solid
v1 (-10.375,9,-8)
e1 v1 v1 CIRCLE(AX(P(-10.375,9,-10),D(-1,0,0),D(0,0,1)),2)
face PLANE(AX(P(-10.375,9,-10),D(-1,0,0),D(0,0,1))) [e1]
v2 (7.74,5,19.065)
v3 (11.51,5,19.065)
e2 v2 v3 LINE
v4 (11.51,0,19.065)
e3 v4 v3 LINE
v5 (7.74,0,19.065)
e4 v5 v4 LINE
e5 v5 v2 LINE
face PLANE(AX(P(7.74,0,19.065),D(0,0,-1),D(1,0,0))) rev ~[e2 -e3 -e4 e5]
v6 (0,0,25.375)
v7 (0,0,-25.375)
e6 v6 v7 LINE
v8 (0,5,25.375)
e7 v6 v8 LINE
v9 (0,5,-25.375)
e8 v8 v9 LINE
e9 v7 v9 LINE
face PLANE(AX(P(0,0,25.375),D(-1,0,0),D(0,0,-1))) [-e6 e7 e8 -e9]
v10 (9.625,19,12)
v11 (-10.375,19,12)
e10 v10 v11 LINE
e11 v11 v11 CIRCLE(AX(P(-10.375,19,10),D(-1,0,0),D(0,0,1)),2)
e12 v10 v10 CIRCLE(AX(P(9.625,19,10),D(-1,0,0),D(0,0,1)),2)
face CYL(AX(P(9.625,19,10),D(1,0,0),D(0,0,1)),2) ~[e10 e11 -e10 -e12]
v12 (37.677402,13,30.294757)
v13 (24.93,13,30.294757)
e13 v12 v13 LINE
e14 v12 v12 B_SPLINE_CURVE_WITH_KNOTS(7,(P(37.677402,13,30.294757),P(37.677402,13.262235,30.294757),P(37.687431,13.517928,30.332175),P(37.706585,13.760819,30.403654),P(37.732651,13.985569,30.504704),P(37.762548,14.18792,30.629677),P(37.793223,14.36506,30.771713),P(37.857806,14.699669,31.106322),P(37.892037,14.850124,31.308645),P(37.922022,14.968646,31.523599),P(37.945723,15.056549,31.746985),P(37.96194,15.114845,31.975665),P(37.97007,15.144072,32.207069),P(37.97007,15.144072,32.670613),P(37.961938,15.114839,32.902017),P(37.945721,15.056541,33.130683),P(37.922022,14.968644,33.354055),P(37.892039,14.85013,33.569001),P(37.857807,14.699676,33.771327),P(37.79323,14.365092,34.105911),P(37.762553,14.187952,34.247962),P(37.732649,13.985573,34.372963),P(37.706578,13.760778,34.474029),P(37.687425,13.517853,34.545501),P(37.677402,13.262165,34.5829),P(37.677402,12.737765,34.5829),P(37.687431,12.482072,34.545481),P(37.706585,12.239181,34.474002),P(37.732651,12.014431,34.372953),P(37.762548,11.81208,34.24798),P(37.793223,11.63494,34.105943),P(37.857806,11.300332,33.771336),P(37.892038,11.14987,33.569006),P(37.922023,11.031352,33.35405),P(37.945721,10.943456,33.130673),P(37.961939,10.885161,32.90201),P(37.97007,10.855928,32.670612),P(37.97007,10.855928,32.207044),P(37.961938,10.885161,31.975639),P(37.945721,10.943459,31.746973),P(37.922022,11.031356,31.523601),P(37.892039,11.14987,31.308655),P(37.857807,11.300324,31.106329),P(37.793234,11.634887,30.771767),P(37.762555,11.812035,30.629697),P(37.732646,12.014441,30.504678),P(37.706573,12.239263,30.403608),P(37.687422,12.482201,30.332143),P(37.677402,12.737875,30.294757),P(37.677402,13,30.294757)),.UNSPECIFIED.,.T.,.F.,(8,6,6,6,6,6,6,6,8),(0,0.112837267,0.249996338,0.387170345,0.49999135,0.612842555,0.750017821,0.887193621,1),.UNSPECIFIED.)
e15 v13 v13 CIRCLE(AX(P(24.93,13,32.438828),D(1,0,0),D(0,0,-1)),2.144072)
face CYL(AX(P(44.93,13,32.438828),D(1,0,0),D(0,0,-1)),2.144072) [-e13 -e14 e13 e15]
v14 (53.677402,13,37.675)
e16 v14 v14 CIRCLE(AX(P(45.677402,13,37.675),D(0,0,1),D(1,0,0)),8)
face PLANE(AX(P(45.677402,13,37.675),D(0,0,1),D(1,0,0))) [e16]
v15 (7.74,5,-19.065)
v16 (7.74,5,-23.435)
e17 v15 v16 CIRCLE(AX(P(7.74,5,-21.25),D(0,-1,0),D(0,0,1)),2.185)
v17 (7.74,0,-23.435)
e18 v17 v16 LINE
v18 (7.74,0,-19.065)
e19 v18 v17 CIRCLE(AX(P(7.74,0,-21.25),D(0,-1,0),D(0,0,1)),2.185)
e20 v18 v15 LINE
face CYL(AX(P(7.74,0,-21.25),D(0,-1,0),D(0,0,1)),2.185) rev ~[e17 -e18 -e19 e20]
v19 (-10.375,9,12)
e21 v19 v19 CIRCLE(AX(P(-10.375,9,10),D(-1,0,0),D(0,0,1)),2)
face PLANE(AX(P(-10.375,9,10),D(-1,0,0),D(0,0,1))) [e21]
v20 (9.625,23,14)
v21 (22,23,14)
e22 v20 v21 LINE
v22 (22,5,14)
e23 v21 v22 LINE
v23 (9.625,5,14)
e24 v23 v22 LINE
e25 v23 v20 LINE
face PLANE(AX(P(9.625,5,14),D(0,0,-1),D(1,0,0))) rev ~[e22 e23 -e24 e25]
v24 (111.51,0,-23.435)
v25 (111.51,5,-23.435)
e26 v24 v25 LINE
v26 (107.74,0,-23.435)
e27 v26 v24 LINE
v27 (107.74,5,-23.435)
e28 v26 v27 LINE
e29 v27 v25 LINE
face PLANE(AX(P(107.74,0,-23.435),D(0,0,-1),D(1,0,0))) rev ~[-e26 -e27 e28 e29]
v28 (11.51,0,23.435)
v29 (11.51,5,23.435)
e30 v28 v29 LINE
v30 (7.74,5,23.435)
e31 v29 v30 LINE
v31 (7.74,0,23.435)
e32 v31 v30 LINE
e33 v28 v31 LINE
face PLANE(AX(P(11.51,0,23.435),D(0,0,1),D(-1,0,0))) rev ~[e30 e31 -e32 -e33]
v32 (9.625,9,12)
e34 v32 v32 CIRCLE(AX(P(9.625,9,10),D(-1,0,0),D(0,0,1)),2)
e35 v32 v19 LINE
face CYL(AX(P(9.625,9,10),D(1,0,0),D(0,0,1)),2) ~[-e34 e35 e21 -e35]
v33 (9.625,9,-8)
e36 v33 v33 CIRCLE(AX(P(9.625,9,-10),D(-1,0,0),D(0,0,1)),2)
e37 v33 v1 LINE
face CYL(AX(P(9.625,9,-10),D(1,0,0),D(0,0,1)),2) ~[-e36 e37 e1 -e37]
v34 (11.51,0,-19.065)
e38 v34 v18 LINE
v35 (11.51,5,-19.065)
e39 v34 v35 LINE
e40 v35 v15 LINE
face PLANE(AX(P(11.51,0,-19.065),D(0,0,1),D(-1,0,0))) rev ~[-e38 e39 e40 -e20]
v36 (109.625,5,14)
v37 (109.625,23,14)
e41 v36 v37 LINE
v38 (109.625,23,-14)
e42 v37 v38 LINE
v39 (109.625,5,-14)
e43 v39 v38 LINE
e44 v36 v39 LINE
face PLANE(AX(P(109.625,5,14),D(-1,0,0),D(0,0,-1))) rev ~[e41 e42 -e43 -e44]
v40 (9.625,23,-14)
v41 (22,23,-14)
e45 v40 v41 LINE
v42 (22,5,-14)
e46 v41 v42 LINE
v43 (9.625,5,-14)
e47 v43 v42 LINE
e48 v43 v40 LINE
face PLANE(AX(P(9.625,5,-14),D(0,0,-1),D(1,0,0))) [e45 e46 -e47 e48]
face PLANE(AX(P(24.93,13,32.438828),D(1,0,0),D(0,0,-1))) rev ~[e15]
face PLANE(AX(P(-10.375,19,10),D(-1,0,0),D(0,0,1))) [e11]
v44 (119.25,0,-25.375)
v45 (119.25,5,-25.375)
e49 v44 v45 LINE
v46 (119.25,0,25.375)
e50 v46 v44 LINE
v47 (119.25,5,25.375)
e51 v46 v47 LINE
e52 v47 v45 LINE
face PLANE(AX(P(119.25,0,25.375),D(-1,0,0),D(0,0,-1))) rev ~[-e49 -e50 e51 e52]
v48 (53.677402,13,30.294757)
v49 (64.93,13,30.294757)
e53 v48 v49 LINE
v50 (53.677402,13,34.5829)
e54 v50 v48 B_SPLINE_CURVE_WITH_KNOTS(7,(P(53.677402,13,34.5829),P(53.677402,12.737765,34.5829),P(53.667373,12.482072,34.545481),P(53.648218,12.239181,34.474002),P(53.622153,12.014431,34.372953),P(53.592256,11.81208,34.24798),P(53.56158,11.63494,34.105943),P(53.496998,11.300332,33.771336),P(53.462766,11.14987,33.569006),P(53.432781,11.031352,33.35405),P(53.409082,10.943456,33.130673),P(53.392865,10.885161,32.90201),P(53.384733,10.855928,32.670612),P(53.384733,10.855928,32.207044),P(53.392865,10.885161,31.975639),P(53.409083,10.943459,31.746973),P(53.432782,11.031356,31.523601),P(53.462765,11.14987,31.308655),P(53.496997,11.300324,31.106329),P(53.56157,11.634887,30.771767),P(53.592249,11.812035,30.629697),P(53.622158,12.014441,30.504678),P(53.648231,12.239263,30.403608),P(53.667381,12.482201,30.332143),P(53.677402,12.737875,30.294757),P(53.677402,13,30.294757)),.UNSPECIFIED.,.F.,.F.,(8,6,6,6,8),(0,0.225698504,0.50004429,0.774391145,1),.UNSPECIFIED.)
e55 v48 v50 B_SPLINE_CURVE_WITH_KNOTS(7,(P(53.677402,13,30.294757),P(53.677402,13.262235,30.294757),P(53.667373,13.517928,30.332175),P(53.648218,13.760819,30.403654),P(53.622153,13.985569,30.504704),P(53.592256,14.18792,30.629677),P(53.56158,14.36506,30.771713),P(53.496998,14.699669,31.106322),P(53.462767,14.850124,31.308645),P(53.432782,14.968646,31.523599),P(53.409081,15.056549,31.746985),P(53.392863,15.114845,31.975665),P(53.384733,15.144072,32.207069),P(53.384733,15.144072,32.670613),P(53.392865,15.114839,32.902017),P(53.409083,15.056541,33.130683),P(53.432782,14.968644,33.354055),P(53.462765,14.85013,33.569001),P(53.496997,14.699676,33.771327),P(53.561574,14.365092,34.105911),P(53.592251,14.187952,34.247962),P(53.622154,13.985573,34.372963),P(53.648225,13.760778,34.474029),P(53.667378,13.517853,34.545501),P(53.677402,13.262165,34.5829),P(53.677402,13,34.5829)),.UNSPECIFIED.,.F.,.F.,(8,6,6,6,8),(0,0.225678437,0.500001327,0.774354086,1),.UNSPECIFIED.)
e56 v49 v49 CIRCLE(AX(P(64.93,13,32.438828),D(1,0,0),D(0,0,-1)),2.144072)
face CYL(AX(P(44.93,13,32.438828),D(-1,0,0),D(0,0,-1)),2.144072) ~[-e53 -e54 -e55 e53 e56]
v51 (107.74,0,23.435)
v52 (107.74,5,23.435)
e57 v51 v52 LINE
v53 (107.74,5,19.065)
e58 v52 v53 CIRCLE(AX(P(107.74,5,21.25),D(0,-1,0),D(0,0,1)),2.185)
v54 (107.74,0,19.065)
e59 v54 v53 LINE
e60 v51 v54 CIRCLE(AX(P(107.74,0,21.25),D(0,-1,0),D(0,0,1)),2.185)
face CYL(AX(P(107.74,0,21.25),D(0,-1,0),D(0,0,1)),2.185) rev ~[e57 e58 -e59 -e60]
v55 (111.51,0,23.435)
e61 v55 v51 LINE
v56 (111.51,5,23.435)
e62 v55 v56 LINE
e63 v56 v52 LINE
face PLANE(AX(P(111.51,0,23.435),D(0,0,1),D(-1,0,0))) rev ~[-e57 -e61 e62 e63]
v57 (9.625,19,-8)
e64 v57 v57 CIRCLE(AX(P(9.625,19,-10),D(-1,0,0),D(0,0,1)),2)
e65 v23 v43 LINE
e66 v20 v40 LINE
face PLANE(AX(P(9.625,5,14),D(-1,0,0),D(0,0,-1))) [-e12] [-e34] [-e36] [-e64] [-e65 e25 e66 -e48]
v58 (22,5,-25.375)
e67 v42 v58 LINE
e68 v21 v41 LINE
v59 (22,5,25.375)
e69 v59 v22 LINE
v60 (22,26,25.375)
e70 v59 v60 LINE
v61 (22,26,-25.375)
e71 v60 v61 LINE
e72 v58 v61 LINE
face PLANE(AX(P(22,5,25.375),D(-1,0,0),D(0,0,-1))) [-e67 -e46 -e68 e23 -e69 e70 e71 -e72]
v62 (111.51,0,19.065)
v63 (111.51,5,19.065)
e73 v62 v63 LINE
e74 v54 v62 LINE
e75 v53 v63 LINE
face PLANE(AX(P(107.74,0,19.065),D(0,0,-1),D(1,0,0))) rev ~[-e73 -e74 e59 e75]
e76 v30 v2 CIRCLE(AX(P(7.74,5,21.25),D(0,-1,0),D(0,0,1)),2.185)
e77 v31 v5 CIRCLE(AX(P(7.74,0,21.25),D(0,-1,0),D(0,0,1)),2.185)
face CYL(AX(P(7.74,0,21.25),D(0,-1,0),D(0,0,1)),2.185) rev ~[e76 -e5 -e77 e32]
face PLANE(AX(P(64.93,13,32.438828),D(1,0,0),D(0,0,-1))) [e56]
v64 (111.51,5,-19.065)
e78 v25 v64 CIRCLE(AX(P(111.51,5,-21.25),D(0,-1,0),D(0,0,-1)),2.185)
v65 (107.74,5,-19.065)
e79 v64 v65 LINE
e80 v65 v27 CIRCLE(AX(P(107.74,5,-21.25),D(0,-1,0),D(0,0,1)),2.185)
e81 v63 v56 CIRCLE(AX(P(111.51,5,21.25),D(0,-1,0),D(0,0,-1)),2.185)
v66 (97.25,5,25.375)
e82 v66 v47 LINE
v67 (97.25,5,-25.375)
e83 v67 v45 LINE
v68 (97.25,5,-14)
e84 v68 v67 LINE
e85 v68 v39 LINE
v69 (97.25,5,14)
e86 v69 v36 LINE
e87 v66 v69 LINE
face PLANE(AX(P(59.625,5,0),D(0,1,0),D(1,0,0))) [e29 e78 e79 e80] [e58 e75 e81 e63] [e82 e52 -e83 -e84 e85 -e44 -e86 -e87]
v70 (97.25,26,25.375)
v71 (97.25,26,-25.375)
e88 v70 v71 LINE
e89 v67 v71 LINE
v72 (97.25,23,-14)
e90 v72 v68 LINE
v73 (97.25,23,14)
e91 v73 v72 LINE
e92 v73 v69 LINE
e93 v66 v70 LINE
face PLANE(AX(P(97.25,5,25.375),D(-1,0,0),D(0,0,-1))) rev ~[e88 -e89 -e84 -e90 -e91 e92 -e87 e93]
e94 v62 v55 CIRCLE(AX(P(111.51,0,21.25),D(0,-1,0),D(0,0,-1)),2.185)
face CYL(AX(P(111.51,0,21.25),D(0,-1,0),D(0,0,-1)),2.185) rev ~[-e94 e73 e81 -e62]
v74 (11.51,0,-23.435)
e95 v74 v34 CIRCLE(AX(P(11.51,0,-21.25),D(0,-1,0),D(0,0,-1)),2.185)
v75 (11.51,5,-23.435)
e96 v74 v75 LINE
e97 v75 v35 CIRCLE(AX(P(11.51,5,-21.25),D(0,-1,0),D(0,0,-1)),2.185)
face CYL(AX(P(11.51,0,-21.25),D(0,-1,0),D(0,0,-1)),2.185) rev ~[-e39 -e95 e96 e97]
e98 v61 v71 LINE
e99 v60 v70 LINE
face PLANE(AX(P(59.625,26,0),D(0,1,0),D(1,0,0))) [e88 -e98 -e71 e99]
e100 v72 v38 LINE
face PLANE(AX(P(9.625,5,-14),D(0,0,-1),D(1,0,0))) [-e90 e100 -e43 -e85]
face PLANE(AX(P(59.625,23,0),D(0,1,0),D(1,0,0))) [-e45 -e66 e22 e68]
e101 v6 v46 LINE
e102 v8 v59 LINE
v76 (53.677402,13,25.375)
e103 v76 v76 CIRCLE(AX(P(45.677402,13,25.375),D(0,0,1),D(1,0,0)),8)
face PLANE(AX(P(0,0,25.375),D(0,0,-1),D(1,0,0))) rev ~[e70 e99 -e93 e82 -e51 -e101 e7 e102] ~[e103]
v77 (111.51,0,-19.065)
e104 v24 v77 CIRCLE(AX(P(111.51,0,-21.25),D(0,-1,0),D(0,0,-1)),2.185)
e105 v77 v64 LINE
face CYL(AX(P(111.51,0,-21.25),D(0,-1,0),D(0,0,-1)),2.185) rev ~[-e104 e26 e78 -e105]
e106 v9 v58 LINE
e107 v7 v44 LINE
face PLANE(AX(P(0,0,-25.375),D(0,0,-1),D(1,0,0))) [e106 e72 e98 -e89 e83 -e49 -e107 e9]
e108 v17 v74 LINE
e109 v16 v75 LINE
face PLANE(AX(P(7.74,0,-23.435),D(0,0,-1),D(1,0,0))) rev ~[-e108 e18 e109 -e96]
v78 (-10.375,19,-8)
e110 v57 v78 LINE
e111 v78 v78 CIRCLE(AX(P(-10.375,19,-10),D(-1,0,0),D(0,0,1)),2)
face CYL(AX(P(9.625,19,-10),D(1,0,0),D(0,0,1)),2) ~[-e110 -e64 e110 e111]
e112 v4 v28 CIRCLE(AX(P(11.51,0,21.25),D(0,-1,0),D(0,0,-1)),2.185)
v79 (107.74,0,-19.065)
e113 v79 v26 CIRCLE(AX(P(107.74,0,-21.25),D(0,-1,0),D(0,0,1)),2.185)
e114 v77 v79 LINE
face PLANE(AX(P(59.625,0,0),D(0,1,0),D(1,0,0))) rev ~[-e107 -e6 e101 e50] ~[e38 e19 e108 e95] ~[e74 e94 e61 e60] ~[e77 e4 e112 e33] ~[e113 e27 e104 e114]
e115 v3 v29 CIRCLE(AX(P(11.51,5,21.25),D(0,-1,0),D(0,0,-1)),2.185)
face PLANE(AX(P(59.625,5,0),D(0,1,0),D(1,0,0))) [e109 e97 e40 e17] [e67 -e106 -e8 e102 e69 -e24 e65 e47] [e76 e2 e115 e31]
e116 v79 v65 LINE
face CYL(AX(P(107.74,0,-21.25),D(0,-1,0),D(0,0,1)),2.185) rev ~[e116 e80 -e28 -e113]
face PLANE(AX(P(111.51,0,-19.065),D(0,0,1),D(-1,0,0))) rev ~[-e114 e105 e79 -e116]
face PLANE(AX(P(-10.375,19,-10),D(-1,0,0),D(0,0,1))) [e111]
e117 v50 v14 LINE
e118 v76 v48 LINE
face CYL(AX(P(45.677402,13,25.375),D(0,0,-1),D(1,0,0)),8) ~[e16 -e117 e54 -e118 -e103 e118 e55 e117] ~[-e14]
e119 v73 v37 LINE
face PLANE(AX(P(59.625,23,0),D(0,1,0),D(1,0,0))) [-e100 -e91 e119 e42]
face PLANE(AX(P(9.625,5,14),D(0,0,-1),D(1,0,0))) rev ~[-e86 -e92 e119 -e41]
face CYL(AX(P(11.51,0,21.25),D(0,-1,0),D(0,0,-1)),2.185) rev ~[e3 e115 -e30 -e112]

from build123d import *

# Parameters (mm, degrees)
SKETCH1_W           = 119.25
SKETCH1_H           = 50.75
EXTRUDE1_DEPTH      = 5
SKETCH2_W           = 75.25
SKETCH2_H           = 50.75
EXTRUDE2_DEPTH      = 21
SKETCH3_W           = 100
SKETCH3_H           = 28
EXTRUDE3_DEPTH      = 18
SKETCH4_R           = 8
EXTRUDE4_DEPTH      = 12.3
EXTRUDE5_START      = -52.32
SKETCH5_R           = 2.144071556
EXTRUDE5_DEPTH      = 20
EXTRUDE5_DEPTH_BACK = 20
SKETCH6_R           = 2
EXTRUDE6_DEPTH      = 20


with BuildPart() as part:
    # Sketch1 → Extrude1 (new body)
    with BuildSketch(Plane(origin=(0, 0, 0), x_dir=(1, 0, 0), z_dir=(0, 1, 0))):
        with Locations((59.625, 0)):
            Rectangle(SKETCH1_W, SKETCH1_H)
        with BuildLine():
            Line((107.74, 23.435), (111.51, 23.435))
            ThreePointArc((111.51, 23.435), (113.695, 21.25), (111.51, 19.065))
            Line((111.51, 19.065), (107.74, 19.065))
            ThreePointArc((107.74, 19.065), (105.555, 21.25), (107.74, 23.435))
        make_face(mode=Mode.SUBTRACT)
        with BuildLine():
            Line((107.74, -19.065), (111.51, -19.065))
            ThreePointArc((111.51, -19.065), (113.695, -21.25), (111.51, -23.435))
            Line((111.51, -23.435), (107.74, -23.435))
            ThreePointArc((107.74, -23.435), (105.555, -21.25), (107.74, -19.065))
        make_face(mode=Mode.SUBTRACT)
        with BuildLine():
            Line((7.74, -19.065), (11.51, -19.065))
            ThreePointArc((11.51, -19.065), (13.695, -21.25), (11.51, -23.435))
            Line((11.51, -23.435), (7.74, -23.435))
            ThreePointArc((7.74, -23.435), (5.555, -21.25), (7.74, -19.065))
        make_face(mode=Mode.SUBTRACT)
        with BuildLine():
            Line((7.74, 23.435), (11.51, 23.435))
            ThreePointArc((11.51, 23.435), (13.695, 21.25), (11.51, 19.065))
            Line((11.51, 19.065), (7.74, 19.065))
            ThreePointArc((7.74, 19.065), (5.555, 21.25), (7.74, 23.435))
        make_face(mode=Mode.SUBTRACT)
    extrude(amount=EXTRUDE1_DEPTH)

    # Sketch2 → Extrude2 (add)
    with BuildSketch(Plane(origin=(0, 5, 0), x_dir=(1, 0, 0), z_dir=(0, 1, 0))):
        with Locations((59.625, 0)):
            Rectangle(SKETCH2_W, SKETCH2_H)
    extrude(amount=EXTRUDE2_DEPTH)

    # Sketch3 → Extrude3 (add)
    with BuildSketch(Plane(origin=(0, 5, 0), x_dir=(1, 0, 0), z_dir=(0, 1, 0))):
        with Locations((59.625, 0)):
            Rectangle(SKETCH3_W, SKETCH3_H)
    extrude(amount=EXTRUDE3_DEPTH)

    # Sketch4 → Extrude4 (add)
    with BuildSketch(Plane.XY.offset(25.375)):
        with Locations((45.677401857, 13)):
            Circle(SKETCH4_R)
    extrude(amount=EXTRUDE4_DEPTH)

    # Sketch5 → Extrude5 (add, two sides)
    with BuildSketch(Plane(origin=(97.25, 0, 0), x_dir=(0, 0, -1), z_dir=(1, 0, 0)).offset(EXTRUDE5_START)) as extrude5_sk:
        with Locations((-32.438828155, 13)):
            Circle(SKETCH5_R)
    extrude(amount=EXTRUDE5_DEPTH)
    extrude(extrude5_sk.sketch, amount=-EXTRUDE5_DEPTH_BACK)

    # Sketch6 → Extrude6 (add)
    with BuildSketch(Plane.ZY.offset(-9.625)):
        with Locations((-10, 9)):
            Circle(SKETCH6_R)
        with Locations((-10, 19)):
            Circle(SKETCH6_R)
        with Locations((10, 9)):
            Circle(SKETCH6_R)
        with Locations((10, 19)):
            Circle(SKETCH6_R)
    extrude(amount=EXTRUDE6_DEPTH)


solid = part.part
